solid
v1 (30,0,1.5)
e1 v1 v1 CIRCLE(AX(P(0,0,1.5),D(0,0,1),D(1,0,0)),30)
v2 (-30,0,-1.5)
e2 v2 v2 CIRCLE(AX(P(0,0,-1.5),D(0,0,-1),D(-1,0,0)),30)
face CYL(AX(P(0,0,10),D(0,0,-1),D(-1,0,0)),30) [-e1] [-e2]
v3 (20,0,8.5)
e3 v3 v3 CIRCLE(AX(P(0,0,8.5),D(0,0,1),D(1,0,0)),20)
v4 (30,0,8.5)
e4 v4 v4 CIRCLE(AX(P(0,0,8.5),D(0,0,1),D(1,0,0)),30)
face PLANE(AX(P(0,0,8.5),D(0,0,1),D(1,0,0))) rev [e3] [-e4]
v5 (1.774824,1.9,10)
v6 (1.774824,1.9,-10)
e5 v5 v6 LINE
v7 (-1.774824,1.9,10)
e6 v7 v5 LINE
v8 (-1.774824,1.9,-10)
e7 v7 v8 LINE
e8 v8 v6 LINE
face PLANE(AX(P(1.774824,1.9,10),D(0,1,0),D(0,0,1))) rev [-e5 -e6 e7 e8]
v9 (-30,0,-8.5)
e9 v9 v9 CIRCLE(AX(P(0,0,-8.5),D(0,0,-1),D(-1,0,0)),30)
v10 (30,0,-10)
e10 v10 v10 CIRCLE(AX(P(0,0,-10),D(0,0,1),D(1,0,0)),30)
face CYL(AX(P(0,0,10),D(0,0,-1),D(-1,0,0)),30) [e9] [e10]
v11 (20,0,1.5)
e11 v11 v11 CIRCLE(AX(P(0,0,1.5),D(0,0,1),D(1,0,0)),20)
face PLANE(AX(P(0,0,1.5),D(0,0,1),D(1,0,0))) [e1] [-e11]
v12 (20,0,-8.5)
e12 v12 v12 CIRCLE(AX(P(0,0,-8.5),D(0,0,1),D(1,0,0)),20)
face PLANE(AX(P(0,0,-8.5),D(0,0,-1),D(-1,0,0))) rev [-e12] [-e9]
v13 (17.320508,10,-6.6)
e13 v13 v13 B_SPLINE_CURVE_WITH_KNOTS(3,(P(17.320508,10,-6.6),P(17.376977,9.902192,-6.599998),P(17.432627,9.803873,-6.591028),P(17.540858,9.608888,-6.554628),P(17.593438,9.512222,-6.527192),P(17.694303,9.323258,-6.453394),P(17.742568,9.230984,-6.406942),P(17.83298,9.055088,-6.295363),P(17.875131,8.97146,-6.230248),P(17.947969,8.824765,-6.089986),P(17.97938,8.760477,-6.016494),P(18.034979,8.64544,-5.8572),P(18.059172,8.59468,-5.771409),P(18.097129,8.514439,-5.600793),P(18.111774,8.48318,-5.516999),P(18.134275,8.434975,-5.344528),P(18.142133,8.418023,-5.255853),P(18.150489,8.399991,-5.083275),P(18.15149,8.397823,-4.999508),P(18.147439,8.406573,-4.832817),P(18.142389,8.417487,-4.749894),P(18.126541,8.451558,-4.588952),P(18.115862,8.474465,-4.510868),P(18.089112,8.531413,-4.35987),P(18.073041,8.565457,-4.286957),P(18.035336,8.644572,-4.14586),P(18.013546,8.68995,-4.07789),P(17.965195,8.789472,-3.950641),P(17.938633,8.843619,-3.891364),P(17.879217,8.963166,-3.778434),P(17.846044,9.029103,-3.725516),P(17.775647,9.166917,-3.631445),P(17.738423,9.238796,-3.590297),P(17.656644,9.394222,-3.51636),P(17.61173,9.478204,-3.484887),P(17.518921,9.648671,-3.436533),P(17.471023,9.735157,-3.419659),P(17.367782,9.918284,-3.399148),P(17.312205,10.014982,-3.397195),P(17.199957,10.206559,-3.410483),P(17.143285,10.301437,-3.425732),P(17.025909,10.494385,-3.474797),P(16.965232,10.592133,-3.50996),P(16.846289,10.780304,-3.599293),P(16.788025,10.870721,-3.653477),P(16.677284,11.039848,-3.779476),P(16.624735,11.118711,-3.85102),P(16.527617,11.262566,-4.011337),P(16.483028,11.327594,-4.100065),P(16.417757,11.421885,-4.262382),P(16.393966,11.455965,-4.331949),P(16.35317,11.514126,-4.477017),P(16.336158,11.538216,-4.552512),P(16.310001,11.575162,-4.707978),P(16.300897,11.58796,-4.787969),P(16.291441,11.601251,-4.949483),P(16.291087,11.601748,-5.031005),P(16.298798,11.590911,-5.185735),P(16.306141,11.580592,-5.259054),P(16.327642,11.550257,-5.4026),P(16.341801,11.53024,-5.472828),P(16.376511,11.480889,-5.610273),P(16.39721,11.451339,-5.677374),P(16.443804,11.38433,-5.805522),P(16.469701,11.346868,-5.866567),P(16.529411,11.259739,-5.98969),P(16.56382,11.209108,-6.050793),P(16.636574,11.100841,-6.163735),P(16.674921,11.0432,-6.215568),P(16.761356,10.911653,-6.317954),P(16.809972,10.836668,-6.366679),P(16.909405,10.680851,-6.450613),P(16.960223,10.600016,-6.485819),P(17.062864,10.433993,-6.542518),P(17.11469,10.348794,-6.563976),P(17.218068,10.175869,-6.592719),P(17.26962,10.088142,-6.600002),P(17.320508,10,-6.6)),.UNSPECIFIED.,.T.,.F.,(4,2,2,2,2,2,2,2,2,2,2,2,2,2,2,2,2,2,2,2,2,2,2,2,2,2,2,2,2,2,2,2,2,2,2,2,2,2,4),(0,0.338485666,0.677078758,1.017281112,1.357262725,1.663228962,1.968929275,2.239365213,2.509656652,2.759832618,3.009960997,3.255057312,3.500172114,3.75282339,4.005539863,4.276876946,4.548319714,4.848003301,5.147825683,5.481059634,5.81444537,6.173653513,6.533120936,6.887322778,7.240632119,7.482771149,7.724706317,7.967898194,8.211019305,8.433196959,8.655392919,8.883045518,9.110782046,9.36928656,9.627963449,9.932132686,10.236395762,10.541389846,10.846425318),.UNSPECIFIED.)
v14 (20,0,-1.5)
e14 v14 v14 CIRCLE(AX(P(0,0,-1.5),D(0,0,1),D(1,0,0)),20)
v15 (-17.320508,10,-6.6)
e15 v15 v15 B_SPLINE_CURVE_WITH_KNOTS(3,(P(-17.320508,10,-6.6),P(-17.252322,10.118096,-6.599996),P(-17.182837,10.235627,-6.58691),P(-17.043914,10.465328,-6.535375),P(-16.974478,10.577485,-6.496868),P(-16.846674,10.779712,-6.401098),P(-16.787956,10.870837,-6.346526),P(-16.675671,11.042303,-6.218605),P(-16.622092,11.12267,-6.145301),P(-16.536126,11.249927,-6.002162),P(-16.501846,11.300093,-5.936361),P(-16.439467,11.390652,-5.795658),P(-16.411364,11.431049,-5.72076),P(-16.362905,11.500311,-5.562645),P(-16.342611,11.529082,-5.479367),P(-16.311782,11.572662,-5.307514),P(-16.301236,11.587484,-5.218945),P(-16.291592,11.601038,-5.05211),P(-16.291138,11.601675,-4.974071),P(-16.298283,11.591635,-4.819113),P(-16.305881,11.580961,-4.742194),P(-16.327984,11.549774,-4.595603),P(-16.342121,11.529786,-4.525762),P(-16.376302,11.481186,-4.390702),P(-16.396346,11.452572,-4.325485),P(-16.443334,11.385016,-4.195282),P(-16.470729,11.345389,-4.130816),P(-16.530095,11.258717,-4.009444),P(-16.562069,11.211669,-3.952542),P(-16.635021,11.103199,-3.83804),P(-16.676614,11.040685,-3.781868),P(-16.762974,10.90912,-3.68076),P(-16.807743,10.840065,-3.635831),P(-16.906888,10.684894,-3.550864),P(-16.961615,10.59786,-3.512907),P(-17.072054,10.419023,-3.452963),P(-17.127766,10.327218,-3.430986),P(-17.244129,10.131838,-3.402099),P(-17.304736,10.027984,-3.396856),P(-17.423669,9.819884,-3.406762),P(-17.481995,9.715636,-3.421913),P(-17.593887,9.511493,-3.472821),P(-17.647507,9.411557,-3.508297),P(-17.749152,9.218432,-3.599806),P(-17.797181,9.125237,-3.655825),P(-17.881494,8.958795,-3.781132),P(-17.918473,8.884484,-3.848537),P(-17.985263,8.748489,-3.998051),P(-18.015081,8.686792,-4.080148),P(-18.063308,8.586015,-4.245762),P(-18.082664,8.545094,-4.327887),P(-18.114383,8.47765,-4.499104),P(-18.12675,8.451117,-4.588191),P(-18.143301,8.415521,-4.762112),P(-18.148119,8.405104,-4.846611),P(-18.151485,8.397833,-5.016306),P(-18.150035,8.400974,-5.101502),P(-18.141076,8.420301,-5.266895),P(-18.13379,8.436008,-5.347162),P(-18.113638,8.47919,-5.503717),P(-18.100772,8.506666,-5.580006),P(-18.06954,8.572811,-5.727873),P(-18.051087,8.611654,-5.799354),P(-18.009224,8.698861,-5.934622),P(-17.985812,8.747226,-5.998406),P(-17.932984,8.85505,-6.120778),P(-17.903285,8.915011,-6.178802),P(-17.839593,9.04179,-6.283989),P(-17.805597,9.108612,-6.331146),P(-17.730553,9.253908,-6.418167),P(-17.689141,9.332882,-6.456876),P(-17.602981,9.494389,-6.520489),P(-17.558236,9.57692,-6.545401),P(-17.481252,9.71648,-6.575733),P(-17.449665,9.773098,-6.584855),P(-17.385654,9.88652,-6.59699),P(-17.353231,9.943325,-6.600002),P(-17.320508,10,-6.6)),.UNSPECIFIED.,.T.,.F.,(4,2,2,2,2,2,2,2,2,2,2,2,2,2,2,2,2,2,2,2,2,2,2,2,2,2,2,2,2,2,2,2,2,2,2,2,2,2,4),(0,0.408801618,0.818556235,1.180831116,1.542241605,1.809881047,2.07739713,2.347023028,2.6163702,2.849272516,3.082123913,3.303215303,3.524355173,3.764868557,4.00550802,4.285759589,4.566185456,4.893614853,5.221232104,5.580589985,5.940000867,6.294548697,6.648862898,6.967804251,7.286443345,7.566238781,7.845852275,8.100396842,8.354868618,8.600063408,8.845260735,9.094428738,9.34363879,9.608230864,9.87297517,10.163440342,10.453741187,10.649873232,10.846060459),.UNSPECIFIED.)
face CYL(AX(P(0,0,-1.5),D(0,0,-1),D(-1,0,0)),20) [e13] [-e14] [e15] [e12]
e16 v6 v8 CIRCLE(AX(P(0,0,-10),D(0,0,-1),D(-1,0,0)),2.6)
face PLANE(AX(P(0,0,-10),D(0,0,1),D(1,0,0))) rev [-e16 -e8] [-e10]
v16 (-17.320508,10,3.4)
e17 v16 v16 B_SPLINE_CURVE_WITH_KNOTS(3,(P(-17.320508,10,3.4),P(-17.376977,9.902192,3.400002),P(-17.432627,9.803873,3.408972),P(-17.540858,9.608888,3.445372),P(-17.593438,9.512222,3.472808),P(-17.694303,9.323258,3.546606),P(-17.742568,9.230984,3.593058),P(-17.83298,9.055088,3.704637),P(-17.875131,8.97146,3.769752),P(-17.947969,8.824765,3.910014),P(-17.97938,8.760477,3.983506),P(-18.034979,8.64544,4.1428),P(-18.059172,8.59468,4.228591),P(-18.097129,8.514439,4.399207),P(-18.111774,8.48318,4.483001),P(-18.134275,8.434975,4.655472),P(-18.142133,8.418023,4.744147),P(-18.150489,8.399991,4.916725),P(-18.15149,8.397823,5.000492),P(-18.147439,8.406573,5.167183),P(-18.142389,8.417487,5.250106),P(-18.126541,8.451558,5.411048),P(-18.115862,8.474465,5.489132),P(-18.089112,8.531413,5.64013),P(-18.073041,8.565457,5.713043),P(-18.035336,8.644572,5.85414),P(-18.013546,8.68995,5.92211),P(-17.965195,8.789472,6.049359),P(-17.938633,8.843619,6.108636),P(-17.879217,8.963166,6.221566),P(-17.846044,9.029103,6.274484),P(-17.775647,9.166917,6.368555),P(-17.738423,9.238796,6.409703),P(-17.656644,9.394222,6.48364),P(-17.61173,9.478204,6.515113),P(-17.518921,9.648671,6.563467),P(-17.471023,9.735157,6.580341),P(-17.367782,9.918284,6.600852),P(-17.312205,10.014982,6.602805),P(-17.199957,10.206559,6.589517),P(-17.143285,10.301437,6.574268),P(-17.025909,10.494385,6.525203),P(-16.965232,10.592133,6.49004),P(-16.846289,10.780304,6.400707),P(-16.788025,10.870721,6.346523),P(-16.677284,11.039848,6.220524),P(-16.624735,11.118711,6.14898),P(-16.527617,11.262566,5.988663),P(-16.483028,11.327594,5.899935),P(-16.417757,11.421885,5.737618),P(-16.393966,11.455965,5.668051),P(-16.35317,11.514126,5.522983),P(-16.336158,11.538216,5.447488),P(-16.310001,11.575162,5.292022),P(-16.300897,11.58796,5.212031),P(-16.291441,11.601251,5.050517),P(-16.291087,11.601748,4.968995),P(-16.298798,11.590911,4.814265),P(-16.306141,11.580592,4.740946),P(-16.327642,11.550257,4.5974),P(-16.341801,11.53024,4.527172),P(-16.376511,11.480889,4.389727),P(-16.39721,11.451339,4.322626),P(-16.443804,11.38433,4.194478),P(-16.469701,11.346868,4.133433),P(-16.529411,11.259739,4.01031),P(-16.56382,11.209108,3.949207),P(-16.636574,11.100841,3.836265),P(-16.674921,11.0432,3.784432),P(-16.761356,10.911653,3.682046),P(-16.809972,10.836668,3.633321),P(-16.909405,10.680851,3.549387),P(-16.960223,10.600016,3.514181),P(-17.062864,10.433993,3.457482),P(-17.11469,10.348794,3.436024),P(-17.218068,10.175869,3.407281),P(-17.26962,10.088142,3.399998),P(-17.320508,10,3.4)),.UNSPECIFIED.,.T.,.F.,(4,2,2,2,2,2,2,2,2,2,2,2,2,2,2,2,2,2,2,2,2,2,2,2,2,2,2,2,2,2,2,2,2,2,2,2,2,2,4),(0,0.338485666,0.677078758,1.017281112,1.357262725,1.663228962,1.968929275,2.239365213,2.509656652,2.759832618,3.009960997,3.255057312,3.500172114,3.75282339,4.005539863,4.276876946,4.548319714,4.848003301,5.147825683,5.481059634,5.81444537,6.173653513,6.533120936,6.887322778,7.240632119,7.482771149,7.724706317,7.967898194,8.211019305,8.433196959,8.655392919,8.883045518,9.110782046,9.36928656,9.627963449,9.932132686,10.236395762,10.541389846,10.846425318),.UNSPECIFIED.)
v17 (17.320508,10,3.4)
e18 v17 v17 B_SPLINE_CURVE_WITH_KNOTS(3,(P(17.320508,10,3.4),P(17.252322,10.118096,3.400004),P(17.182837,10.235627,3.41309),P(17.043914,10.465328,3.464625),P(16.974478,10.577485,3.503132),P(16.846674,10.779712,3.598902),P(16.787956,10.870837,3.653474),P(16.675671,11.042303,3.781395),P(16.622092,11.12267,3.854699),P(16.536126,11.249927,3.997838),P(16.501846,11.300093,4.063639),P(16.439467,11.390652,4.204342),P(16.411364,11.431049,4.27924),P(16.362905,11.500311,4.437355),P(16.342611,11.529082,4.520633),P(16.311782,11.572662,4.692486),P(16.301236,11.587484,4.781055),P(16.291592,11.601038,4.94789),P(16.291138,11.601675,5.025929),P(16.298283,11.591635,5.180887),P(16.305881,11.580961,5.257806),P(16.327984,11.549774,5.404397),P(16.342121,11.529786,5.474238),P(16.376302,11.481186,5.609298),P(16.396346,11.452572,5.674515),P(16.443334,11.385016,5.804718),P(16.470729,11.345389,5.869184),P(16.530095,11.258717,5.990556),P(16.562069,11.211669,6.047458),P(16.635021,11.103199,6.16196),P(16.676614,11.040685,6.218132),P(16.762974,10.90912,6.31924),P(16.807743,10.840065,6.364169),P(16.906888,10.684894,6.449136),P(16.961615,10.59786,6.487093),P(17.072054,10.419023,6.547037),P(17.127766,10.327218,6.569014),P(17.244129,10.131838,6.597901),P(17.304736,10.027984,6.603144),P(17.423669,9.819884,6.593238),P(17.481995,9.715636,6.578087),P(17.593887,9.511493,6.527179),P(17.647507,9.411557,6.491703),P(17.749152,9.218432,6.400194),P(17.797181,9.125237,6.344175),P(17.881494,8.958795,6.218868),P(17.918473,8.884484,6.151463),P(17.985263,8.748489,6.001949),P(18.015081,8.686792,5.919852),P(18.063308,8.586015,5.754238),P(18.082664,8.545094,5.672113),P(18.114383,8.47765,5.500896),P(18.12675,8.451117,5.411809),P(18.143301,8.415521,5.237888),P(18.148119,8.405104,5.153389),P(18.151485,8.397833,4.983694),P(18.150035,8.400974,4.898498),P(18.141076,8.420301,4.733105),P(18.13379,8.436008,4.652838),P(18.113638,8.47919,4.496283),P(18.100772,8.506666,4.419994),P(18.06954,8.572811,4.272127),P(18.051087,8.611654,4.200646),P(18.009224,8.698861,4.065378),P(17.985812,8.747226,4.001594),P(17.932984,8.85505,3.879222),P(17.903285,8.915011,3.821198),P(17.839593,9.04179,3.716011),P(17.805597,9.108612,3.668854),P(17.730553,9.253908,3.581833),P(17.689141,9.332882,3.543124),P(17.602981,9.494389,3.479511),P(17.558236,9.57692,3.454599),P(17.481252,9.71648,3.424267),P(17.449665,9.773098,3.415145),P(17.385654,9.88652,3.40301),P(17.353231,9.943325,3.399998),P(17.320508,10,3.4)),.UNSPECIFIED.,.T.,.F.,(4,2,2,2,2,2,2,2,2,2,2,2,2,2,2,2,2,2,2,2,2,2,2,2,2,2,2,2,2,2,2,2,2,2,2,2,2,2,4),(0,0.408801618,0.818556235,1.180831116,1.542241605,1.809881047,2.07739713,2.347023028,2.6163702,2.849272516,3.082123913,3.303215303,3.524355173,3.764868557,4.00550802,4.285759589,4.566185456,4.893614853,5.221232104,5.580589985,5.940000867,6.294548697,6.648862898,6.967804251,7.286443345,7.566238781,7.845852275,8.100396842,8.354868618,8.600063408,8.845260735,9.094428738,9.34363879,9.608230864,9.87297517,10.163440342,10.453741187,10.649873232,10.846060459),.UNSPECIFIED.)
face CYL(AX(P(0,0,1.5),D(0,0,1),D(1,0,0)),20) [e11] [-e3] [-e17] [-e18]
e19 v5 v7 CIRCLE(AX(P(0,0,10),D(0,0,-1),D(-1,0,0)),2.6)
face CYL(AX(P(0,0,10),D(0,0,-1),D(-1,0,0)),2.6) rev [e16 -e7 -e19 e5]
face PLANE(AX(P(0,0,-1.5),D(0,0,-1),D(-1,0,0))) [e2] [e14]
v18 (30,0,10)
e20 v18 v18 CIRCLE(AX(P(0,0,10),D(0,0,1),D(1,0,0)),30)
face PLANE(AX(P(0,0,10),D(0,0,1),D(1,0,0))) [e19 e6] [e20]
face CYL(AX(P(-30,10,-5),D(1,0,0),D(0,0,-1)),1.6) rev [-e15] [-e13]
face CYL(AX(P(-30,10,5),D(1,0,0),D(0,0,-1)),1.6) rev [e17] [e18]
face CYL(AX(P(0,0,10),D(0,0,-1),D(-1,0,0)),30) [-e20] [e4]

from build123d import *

# Parameters (mm, degrees)
SKETCH1_R               = 30
SKETCH1_R_2             = 20
BOSS_EXTRUDE1_DEPTH     = 10
SKETCH2_OUTSIDE_W       = 79.436
SKETCH2_OUTSIDE_H       = 79.436
SKETCH2_OUTSIDE_R       = 20
CUT_EXTRUDE1_DEPTH      = 3.5
CUT_EXTRUDE2_DEPTH      = 44.588989435
CUT_EXTRUDE2_DEPTH_BACK = 44.588989435
SKETCH3_R               = 1.6
CUT_EXTRUDE3_DEPTH      = 47.904157598
CUT_EXTRUDE3_DEPTH_BACK = 47.904157598


with BuildPart() as part:
    # Sketch1 → Boss-Extrude1 (new, symmetric)
    # profile 1 of 2: a face of its own
    with BuildSketch(Plane.XY):
        Circle(SKETCH1_R)
        Circle(SKETCH1_R_2, mode=Mode.SUBTRACT)
    # profile 2 of 2: a face of its own
    with BuildSketch(Plane.XY):
        Circle(SKETCH1_R_2)
    extrude(amount=BOSS_EXTRUDE1_DEPTH, both=True)

    # Sketch2 outside → Cut-Extrude1 (cut, symmetric)
    with BuildSketch(Plane.XY.offset(5)):
        Rectangle(SKETCH2_OUTSIDE_W, SKETCH2_OUTSIDE_H)
        Circle(SKETCH2_OUTSIDE_R, mode=Mode.SUBTRACT)
    cut_extrude1 = extrude(amount=CUT_EXTRUDE1_DEPTH, both=True, mode=Mode.SUBTRACT)

    # Mirror1: Cut-Extrude1 across plane
    add(cut_extrude1.mirror(Plane.XY), mode=Mode.SUBTRACT)

    # Sketch3 → Cut-Extrude2 (cut, two sides: drawn at the far end of the back side and taken through both)
    with BuildSketch(Plane(origin=(0, 0, 0), x_dir=(0, 0, -1), z_dir=(1, 0, 0)).offset(-CUT_EXTRUDE2_DEPTH_BACK)):
        with Locations((-5, 10)):
            Circle(SKETCH3_R)
        with Locations((5, 10)):
            Circle(SKETCH3_R)
    extrude(amount=CUT_EXTRUDE2_DEPTH + CUT_EXTRUDE2_DEPTH_BACK, mode=Mode.SUBTRACT)

    # Sketch4 → Cut-Extrude3 (cut, two sides: drawn at the far end of the back side and taken through both)
    with BuildSketch(Plane(origin=(0, 0, -10), x_dir=(-1, 0, 0), z_dir=(0, 0, -1)).offset(-CUT_EXTRUDE3_DEPTH_BACK)):
        with BuildLine():
            Line((-1.774823935, 1.9), (1.774823935, 1.9))
            ThreePointArc((1.774823935, 1.9), (0, -2.6), (-1.774823935, 1.9))
        make_face()
    extrude(amount=CUT_EXTRUDE3_DEPTH + CUT_EXTRUDE3_DEPTH_BACK, mode=Mode.SUBTRACT)


solid = part.part
